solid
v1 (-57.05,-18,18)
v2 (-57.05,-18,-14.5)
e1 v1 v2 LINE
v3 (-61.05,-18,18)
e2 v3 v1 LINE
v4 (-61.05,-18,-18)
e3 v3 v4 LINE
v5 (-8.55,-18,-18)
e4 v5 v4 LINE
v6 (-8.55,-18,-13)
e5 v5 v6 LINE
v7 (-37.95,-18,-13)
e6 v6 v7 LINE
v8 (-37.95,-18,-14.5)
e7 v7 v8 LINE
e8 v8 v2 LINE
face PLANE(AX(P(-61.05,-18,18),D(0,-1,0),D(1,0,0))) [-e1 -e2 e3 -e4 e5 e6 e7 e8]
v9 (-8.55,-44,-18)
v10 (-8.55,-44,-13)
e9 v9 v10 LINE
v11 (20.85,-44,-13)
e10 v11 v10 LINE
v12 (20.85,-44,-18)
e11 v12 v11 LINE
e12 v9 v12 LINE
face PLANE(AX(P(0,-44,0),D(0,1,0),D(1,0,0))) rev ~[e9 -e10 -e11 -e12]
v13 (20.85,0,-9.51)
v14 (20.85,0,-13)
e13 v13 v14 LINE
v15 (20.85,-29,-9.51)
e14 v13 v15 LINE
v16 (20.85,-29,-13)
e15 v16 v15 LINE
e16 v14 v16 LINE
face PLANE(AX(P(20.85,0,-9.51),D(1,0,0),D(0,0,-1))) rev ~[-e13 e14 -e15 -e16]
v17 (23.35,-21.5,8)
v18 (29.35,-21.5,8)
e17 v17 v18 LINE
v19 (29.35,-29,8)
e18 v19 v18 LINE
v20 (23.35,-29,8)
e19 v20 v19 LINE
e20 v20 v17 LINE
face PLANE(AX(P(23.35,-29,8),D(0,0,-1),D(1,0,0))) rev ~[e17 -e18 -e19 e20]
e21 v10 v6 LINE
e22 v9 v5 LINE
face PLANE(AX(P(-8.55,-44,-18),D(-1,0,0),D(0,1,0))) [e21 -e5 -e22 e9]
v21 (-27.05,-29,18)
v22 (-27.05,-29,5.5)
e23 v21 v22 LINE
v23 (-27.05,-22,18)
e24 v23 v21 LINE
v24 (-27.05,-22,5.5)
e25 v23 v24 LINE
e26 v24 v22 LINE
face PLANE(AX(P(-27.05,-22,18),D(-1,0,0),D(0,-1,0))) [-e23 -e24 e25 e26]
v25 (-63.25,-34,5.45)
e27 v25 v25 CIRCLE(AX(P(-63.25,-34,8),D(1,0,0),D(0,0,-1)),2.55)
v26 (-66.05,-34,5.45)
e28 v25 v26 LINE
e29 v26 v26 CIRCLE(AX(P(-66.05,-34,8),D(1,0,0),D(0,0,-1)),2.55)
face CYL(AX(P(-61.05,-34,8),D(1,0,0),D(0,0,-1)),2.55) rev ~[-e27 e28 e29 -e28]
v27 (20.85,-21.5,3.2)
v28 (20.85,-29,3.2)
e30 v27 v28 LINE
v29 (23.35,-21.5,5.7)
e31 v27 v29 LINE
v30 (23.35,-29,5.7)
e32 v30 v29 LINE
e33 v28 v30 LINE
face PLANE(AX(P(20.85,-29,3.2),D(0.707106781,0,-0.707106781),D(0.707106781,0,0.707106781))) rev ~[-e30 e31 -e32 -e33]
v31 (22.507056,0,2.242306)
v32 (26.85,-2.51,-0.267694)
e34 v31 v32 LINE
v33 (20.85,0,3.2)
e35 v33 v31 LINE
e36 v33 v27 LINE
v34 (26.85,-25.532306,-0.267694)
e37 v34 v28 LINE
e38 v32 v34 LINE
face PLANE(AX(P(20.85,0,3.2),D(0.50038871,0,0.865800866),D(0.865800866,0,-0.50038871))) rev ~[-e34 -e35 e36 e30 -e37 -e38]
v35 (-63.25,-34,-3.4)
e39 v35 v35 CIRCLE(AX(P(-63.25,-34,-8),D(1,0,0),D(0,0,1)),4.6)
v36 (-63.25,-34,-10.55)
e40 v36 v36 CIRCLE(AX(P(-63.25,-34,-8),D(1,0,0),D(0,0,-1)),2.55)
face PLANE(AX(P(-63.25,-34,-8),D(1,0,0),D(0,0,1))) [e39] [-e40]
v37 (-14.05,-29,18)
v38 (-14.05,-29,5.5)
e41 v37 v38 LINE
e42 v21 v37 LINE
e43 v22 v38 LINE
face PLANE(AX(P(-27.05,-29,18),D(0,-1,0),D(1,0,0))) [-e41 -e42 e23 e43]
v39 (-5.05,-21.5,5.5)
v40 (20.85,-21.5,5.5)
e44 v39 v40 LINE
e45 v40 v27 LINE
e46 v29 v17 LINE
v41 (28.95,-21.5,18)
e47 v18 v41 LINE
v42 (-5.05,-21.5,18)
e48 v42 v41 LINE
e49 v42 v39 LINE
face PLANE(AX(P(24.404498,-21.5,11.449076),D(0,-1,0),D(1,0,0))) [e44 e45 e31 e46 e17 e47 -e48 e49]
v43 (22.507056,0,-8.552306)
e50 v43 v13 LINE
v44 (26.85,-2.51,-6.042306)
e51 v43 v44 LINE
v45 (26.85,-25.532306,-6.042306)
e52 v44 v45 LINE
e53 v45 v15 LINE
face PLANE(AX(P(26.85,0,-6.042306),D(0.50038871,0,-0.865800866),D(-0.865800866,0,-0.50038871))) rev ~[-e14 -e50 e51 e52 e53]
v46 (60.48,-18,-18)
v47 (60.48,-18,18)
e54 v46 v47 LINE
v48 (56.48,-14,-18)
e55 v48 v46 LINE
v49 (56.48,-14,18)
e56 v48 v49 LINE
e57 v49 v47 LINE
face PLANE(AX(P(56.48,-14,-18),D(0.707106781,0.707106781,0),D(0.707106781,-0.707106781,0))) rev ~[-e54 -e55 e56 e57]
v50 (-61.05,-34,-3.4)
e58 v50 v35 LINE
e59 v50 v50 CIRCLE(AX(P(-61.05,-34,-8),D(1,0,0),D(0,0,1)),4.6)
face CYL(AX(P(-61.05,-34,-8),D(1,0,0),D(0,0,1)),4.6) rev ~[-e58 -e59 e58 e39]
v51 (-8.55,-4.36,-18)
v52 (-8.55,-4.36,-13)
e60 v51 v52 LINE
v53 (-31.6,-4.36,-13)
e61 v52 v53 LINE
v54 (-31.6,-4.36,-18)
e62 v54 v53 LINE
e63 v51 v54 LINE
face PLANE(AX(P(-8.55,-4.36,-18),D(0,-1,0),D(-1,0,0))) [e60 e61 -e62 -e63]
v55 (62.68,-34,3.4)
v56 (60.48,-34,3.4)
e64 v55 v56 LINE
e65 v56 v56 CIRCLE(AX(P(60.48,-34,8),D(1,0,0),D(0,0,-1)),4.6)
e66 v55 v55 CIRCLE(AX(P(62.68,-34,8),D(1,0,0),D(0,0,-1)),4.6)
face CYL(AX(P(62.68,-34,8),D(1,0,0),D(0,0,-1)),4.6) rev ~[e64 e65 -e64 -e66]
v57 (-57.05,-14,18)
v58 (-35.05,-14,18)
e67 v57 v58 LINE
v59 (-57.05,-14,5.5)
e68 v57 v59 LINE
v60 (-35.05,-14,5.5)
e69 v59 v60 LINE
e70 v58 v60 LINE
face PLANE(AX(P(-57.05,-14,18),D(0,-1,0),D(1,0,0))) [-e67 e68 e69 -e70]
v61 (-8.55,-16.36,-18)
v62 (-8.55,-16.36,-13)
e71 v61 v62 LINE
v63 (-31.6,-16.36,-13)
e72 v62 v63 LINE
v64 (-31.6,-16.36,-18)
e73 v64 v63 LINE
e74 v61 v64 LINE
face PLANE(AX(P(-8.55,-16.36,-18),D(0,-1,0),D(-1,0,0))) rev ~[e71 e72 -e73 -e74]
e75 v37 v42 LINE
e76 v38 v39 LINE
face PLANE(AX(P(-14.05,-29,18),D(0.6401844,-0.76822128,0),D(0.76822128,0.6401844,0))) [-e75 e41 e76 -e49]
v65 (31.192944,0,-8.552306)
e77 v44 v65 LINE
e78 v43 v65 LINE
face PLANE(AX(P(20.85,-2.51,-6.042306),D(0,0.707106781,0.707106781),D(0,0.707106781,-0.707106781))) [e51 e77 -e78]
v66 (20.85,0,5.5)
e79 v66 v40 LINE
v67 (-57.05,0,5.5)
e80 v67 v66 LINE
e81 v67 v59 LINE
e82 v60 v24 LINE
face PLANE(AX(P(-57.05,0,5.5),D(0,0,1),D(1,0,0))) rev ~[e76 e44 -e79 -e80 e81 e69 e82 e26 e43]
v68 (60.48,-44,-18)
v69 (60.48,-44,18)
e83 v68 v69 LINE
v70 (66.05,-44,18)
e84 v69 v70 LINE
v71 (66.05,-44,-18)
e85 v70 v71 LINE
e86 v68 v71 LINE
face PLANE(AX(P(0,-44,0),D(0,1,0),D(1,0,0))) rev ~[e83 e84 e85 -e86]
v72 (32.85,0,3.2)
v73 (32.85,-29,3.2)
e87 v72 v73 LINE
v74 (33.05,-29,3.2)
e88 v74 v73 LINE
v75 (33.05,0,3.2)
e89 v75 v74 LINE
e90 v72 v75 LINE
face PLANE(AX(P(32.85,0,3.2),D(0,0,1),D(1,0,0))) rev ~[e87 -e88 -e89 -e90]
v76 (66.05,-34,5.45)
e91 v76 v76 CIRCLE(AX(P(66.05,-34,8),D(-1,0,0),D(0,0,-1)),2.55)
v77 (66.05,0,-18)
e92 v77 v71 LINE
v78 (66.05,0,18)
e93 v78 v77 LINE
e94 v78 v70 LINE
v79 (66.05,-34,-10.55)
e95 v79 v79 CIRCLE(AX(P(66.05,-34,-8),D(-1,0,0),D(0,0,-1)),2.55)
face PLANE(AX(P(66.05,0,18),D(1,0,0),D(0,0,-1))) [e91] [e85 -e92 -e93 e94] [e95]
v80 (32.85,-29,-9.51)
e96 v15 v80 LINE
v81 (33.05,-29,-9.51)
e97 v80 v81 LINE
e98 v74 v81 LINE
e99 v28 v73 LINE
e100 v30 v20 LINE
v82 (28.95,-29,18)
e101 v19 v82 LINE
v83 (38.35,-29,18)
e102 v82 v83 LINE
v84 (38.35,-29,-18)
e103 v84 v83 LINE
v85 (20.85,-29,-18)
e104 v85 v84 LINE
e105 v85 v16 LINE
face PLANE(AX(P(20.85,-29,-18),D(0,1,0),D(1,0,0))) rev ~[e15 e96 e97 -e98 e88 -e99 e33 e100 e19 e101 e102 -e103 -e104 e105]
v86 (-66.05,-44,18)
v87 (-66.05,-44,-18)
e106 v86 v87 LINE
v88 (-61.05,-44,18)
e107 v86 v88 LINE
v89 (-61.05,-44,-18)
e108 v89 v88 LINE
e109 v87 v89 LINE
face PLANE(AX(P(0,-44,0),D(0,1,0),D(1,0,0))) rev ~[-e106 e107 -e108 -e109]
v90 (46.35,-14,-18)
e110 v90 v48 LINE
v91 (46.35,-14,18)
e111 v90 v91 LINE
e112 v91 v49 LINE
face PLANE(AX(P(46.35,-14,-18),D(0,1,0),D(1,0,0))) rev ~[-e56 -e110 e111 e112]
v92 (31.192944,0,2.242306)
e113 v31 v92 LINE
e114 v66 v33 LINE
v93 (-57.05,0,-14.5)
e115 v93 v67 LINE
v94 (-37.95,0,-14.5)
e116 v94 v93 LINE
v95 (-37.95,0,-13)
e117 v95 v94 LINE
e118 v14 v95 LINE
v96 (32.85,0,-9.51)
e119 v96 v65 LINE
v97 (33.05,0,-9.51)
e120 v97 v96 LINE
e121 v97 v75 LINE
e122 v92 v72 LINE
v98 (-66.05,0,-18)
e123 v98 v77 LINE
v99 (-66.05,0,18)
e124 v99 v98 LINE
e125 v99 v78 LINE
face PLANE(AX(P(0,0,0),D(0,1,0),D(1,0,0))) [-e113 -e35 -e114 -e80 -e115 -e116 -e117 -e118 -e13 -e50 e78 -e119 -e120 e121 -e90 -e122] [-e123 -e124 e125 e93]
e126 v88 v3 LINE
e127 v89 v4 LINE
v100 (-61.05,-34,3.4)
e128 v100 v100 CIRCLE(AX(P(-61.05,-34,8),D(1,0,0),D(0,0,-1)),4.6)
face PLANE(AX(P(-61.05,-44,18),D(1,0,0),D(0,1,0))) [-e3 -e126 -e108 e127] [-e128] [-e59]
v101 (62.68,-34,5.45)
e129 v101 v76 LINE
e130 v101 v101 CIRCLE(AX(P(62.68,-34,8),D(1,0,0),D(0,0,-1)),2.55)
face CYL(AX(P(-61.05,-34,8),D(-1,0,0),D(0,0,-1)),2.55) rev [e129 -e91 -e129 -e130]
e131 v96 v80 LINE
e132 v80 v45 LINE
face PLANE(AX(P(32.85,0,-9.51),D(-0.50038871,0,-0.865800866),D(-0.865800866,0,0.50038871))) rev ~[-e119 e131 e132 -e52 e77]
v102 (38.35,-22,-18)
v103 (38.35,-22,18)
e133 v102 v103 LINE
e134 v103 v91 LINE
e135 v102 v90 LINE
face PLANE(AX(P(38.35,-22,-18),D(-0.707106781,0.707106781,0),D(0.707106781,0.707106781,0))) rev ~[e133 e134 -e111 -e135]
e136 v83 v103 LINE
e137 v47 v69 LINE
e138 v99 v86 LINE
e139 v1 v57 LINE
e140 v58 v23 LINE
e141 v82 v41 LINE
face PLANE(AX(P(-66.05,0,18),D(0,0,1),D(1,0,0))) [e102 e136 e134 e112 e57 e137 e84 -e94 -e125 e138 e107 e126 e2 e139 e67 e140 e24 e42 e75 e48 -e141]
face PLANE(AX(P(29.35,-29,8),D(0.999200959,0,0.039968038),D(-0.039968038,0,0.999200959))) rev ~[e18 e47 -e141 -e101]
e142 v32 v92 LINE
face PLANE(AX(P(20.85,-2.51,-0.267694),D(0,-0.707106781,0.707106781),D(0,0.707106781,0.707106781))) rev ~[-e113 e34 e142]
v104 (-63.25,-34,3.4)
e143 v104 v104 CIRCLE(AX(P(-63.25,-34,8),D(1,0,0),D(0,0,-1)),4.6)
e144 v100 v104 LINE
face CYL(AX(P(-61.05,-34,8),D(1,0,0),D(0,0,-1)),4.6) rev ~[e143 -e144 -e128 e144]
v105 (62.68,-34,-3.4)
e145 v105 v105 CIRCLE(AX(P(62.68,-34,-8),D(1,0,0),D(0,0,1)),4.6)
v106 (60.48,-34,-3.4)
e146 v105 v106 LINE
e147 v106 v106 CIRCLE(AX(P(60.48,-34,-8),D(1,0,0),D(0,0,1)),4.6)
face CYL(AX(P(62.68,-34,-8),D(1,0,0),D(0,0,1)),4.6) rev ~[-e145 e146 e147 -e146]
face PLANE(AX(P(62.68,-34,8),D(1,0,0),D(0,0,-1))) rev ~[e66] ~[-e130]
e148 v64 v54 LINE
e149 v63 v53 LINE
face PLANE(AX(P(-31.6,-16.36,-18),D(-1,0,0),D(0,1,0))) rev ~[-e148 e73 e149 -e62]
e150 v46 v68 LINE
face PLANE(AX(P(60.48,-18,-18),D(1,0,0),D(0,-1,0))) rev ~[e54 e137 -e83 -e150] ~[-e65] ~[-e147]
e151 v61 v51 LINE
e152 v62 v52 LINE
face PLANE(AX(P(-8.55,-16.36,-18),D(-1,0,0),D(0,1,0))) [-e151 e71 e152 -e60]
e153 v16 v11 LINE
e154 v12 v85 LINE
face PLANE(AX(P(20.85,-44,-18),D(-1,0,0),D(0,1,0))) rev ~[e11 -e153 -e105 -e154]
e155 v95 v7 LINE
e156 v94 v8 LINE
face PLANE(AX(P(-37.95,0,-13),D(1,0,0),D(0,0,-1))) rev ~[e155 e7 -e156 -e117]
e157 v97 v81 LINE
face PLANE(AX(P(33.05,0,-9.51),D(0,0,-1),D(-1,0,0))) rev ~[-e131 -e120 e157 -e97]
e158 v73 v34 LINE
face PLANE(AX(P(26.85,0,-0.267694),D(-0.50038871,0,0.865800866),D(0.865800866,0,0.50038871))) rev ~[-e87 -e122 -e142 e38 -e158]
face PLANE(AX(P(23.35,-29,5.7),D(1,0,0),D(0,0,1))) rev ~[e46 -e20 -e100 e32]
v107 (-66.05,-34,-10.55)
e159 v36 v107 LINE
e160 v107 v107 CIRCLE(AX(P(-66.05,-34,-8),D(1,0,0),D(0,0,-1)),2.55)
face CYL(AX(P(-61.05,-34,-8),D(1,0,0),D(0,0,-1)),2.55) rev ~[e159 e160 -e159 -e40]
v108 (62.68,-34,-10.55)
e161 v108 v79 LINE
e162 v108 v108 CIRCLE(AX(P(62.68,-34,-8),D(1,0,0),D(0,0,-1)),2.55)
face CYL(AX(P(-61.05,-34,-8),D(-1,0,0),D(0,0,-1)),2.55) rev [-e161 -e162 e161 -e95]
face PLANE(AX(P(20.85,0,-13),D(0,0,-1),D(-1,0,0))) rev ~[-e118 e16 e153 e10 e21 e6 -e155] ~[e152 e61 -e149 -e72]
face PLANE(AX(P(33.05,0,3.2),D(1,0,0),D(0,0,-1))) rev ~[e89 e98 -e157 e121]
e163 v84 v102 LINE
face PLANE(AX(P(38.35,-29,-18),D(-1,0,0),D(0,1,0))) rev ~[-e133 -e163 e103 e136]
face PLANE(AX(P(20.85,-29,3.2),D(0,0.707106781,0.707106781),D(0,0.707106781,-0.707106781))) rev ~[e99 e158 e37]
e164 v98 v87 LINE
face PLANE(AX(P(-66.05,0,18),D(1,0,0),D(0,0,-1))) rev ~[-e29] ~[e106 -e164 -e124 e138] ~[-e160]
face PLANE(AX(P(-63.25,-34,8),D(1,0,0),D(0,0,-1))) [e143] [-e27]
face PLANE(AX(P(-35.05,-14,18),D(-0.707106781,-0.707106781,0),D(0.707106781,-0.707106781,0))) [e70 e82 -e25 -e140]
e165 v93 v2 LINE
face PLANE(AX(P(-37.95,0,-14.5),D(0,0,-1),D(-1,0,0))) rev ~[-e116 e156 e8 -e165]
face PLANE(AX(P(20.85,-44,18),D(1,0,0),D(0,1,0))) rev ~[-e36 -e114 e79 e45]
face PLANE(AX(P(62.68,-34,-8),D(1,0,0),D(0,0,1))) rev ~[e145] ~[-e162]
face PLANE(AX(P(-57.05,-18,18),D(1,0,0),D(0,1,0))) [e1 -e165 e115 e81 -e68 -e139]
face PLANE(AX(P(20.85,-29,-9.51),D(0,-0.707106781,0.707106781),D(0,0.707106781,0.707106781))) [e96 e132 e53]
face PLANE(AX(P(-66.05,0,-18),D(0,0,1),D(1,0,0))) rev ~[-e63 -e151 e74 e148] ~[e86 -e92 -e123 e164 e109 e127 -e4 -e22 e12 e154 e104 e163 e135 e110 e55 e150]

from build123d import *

# Parameters (mm, degrees)
SKETCH1_W                      = 132.1
SKETCH1_H                      = 36
BOSS_EXTRUDE1_DEPTH            = 44
CUT_EXTRUDE1_REACH             = 89.147
CUT_EXTRUDE2_REACH             = 89.147
SKETCH3_4_W                    = 23.05
SKETCH3_4_H                    = 12
SKETCH3_4_W_2                  = 52.5
SKETCH3_4_H_2                  = 26
CUT_EXTRUDE3_DEPTH             = 12.5
CUT_EXTRUDE6_DEPTH             = 7.5
CUT_EXTRUDE7_REACH             = 101.054
CUT_EXTRUDE8_REACH             = 137.7
SKETCH11_R                     = 2.55
CUT_EXTRUDE8_DIRECTION_2_REACH = 137.7
SKETCH11_6_R                   = 4.6
SKETCH11_6_R_2                 = 2.55
CUT_EXTRUDE10_DEPTH            = 2.2
CUT_EXTRUDE11_START            = 123.73
SKETCH11_7_R                   = 4.6
SKETCH11_7_R_2                 = 2.55
CUT_EXTRUDE11_DEPTH            = 2.2


with BuildPart() as part:
    # Sketch1 → Boss-Extrude1 (new body)
    with BuildSketch(Plane(origin=(0, 0, 0), x_dir=(1, 0, 0), z_dir=(0, 1, 0))):
        Rectangle(SKETCH1_W, SKETCH1_H)
        Polygon((-57.05, 14.5), (-57.05, -5.5), (20.85, -5.5), (20.85, -3.2), (26.85, 0.267693758), (32.85, -3.2), (33.05, -3.2), (33.05, 9.51), (32.85, 9.51), (26.85, 6.042306242), (20.85, 9.51), (20.85, 13), (-37.95, 13), (-37.95, 14.5), align=None, mode=Mode.SUBTRACT)
    extrude(amount=-BOSS_EXTRUDE1_DEPTH)

    # Cut-Extrude1: up to this face of the body (flat: up to its plane)
    cut_extrude1_end = Plane(part.part.faces().sort_by_distance((0, -22, 18))[0])
    # Sketch3 → Cut-Extrude1 (cut, up to the picked face)
    with BuildSketch(Plane(origin=(0, 0, -18), x_dir=(-1, 0, 0), z_dir=(0, 0, -1)), mode=Mode.PRIVATE) as cut_extrude1_sk1:
        Polygon((-60.48, -18), (-60.48, -44), (-20.85, -44), (-20.85, -29), (-38.35, -29), (-38.35, -22), (-46.35, -14), (-56.48, -14), align=None)
    cut_extrude1_tool1 = split(extrude(cut_extrude1_sk1.sketch, amount=-CUT_EXTRUDE1_REACH, mode=Mode.PRIVATE), bisect_by=cut_extrude1_end, keep=Keep.BOTH, mode=Mode.PRIVATE)
    add(cut_extrude1_tool1.solids().sort_by(Axis((43.76231, -31.789655, -18), (0, 0, 1)))[0], mode=Mode.SUBTRACT)

    # Cut-Extrude2: up to this face of the body (flat: up to its plane)
    cut_extrude2_end = Plane(part.part.faces().sort_by_distance((-18.1, -22, 5.5))[0])
    # Sketch3<4> → Cut-Extrude2 (cut, up to the picked face)
    with BuildSketch(Plane(origin=(0, 0, -18), x_dir=(-1, 0, 0), z_dir=(0, 0, -1)), mode=Mode.PRIVATE) as cut_extrude2_sk1:
        with Locations((20.075, -10.36)):
            Rectangle(SKETCH3_4_W, SKETCH3_4_H)
    cut_extrude2_tool1 = split(extrude(cut_extrude2_sk1.sketch, amount=-CUT_EXTRUDE2_REACH, mode=Mode.PRIVATE), bisect_by=cut_extrude2_end, keep=Keep.BOTH, mode=Mode.PRIVATE)
    # Sketch3<4> → Cut-Extrude2 (cut, up to the picked face)
    with BuildSketch(Plane(origin=(0, 0, -18), x_dir=(-1, 0, 0), z_dir=(0, 0, -1)), mode=Mode.PRIVATE) as cut_extrude2_sk2:
        with Locations((34.8, -31)):
            Rectangle(SKETCH3_4_W_2, SKETCH3_4_H_2)
    cut_extrude2_tool2 = split(extrude(cut_extrude2_sk2.sketch, amount=-CUT_EXTRUDE2_REACH, mode=Mode.PRIVATE), bisect_by=cut_extrude2_end, keep=Keep.BOTH, mode=Mode.PRIVATE)
    add(cut_extrude2_tool1.solids().sort_by(Axis((-20.075, -10.36, -18), (0, 0, 1)))[0], mode=Mode.SUBTRACT)
    add(cut_extrude2_tool2.solids().sort_by(Axis((-34.8, -31, -18), (0, 0, 1)))[0], mode=Mode.SUBTRACT)

    # Sketch4 → Cut-Extrude3 (cut)
    with BuildSketch(Plane.XY.offset(18)):
        Polygon((-61.05, -44), (-61.05, -18), (-57.05, -18), (-57.05, -14), (-35.05, -14), (-27.05, -22), (-27.05, -29), (-14.05, -29), (-5.05, -21.5), (20.85, -21.5), (20.85, -29), (20.85, -44), align=None)
    extrude(amount=-CUT_EXTRUDE3_DEPTH, mode=Mode.SUBTRACT)

    # Sketch7 → Cut-Extrude6 (cut)
    with BuildSketch(Plane.XZ.offset(29)):
        Polygon((20.85, 3.2), (23.35, 5.7), (23.35, 8), (29.35, 8), (28.95, 18), (20.85, 18), align=None)
    extrude(amount=-CUT_EXTRUDE6_DEPTH, mode=Mode.SUBTRACT)

    # Cut-Extrude7: up to this face of the body (flat: up to its plane)
    cut_extrude7_end = Plane(part.part.faces().sort_by_distance((33.05, -14.5, -3.155))[0])
    # Sketch10 → Cut-Extrude7 (cut, up to the picked face)
    with BuildSketch(Plane.ZY.offset(-20.85), mode=Mode.PRIVATE) as cut_extrude7_sk1:
        Polygon((-8.552306242, 0), (-6.042306242, 0), (-6.042306242, -2.51), align=None)
    cut_extrude7_tool1 = split(extrude(cut_extrude7_sk1.sketch, amount=-CUT_EXTRUDE7_REACH, mode=Mode.PRIVATE), bisect_by=cut_extrude7_end, keep=Keep.BOTH, mode=Mode.PRIVATE)
    # Sketch10 → Cut-Extrude7 (cut, up to the picked face)
    with BuildSketch(Plane.ZY.offset(-20.85), mode=Mode.PRIVATE) as cut_extrude7_sk2:
        Polygon((-0.267693758, 0), (-0.267693758, -2.51), (2.242306242, 0), align=None)
    cut_extrude7_tool2 = split(extrude(cut_extrude7_sk2.sketch, amount=-CUT_EXTRUDE7_REACH, mode=Mode.PRIVATE), bisect_by=cut_extrude7_end, keep=Keep.BOTH, mode=Mode.PRIVATE)
    # Sketch10 → Cut-Extrude7 (cut, up to the picked face)
    with BuildSketch(Plane.ZY.offset(-20.85), mode=Mode.PRIVATE) as cut_extrude7_sk3:
        Polygon((-9.51, -29), (-6.042306242, -25.532306242), (-6.042306242, -29), align=None)
    cut_extrude7_tool3 = split(extrude(cut_extrude7_sk3.sketch, amount=-CUT_EXTRUDE7_REACH, mode=Mode.PRIVATE), bisect_by=cut_extrude7_end, keep=Keep.BOTH, mode=Mode.PRIVATE)
    # Sketch10 → Cut-Extrude7 (cut, up to the picked face)
    with BuildSketch(Plane.ZY.offset(-20.85), mode=Mode.PRIVATE) as cut_extrude7_sk4:
        Polygon((-0.267693758, -25.532306242), (-0.267693758, -29), (3.2, -29), align=None)
    cut_extrude7_tool4 = split(extrude(cut_extrude7_sk4.sketch, amount=-CUT_EXTRUDE7_REACH, mode=Mode.PRIVATE), bisect_by=cut_extrude7_end, keep=Keep.BOTH, mode=Mode.PRIVATE)
    add(cut_extrude7_tool1.solids().sort_by(Axis((20.85, -0.836667, -6.878973), (1, 0, 0)))[0], mode=Mode.SUBTRACT)
    add(cut_extrude7_tool2.solids().sort_by(Axis((20.85, -0.836667, 0.568973), (1, 0, 0)))[0], mode=Mode.SUBTRACT)
    add(cut_extrude7_tool3.solids().sort_by(Axis((20.85, -27.844102, -7.198204), (1, 0, 0)))[0], mode=Mode.SUBTRACT)
    add(cut_extrude7_tool4.solids().sort_by(Axis((20.85, -27.844102, 0.888204), (1, 0, 0)))[0], mode=Mode.SUBTRACT)

    # Cut-Extrude8: up to this face of the body (flat: up to its plane)
    cut_extrude8_end = Plane(part.part.faces().sort_by_distance((-66.05, -22, 0))[0])
    # Sketch11 → Cut-Extrude8 (cut, up to the picked face)
    with BuildSketch(Plane(origin=(-61.05, 0, 0), x_dir=(0, 0, -1), z_dir=(1, 0, 0)), mode=Mode.PRIVATE) as cut_extrude8_sk1:
        with Locations((-8, -34)):
            Circle(SKETCH11_R)
    cut_extrude8_tool1 = split(extrude(cut_extrude8_sk1.sketch, amount=-CUT_EXTRUDE8_REACH, mode=Mode.PRIVATE), bisect_by=cut_extrude8_end, keep=Keep.BOTH, mode=Mode.PRIVATE)
    # Sketch11 → Cut-Extrude8 (cut, up to the picked face)
    with BuildSketch(Plane(origin=(-61.05, 0, 0), x_dir=(0, 0, -1), z_dir=(1, 0, 0)), mode=Mode.PRIVATE) as cut_extrude8_sk2:
        with Locations((8, -34)):
            Circle(SKETCH11_R)
    cut_extrude8_tool2 = split(extrude(cut_extrude8_sk2.sketch, amount=-CUT_EXTRUDE8_REACH, mode=Mode.PRIVATE), bisect_by=cut_extrude8_end, keep=Keep.BOTH, mode=Mode.PRIVATE)
    add(cut_extrude8_tool1.solids().sort_by(Axis((-61.05, -34, 8), (-1, 0, 0)))[0], mode=Mode.SUBTRACT)
    add(cut_extrude8_tool2.solids().sort_by(Axis((-61.05, -34, -8), (-1, 0, 0)))[0], mode=Mode.SUBTRACT)

    # Cut-Extrude8 direction 2: up to this face of the body (flat: up to its plane)
    cut_extrude8_direction_2_end = Plane(part.part.faces().sort_by_distance((66.05, -22, 0))[0])
    # Sketch11 → Cut-Extrude8 direction 2 (cut, up to the picked face)
    with BuildSketch(Plane(origin=(-61.05, 0, 0), x_dir=(0, 0, -1), z_dir=(1, 0, 0)), mode=Mode.PRIVATE) as cut_extrude8_direction_2_sk1:
        with Locations((-8, -34)):
            Circle(SKETCH11_R)
    cut_extrude8_direction_2_tool1 = split(extrude(cut_extrude8_direction_2_sk1.sketch, amount=CUT_EXTRUDE8_DIRECTION_2_REACH, mode=Mode.PRIVATE), bisect_by=cut_extrude8_direction_2_end, keep=Keep.BOTH, mode=Mode.PRIVATE)
    # Sketch11 → Cut-Extrude8 direction 2 (cut, up to the picked face)
    with BuildSketch(Plane(origin=(-61.05, 0, 0), x_dir=(0, 0, -1), z_dir=(1, 0, 0)), mode=Mode.PRIVATE) as cut_extrude8_direction_2_sk2:
        with Locations((8, -34)):
            Circle(SKETCH11_R)
    cut_extrude8_direction_2_tool2 = split(extrude(cut_extrude8_direction_2_sk2.sketch, amount=CUT_EXTRUDE8_DIRECTION_2_REACH, mode=Mode.PRIVATE), bisect_by=cut_extrude8_direction_2_end, keep=Keep.BOTH, mode=Mode.PRIVATE)
    add(cut_extrude8_direction_2_tool1.solids().sort_by(Axis((-61.05, -34, 8), (1, 0, 0)))[0], mode=Mode.SUBTRACT)
    add(cut_extrude8_direction_2_tool2.solids().sort_by(Axis((-61.05, -34, -8), (1, 0, 0)))[0], mode=Mode.SUBTRACT)

    # Sketch11<6> → Cut-Extrude10 (cut)
    # profile 1 of 2: a face of its own
    with BuildSketch(Plane(origin=(-61.05, 0, 0), x_dir=(0, 0, -1), z_dir=(1, 0, 0))):
        with Locations((-8, -34)):
            Circle(SKETCH11_6_R)
        with Locations((-8, -34)):
            Circle(SKETCH11_6_R_2, mode=Mode.SUBTRACT)
    # profile 2 of 2: a face of its own
    with BuildSketch(Plane(origin=(-61.05, 0, 0), x_dir=(0, 0, -1), z_dir=(1, 0, 0))):
        with Locations(Location((8, -34, 0), (0, 0, 180))):
            Circle(SKETCH11_6_R)
        with Locations(Location((8, -34, 0), (0, 0, 180))):
            Circle(SKETCH11_6_R_2, mode=Mode.SUBTRACT)
    extrude(amount=-CUT_EXTRUDE10_DEPTH, mode=Mode.SUBTRACT)

    # Sketch11<7> → Cut-Extrude11 (cut)
    # profile 1 of 2: a face of its own
    with BuildSketch(Plane(origin=(-61.05, 0, 0), x_dir=(0, 0, -1), z_dir=(1, 0, 0)).offset(CUT_EXTRUDE11_START)):
        with Locations((-8, -34)):
            Circle(SKETCH11_7_R)
        with Locations((-8, -34)):
            Circle(SKETCH11_7_R_2, mode=Mode.SUBTRACT)
    # profile 2 of 2: a face of its own
    with BuildSketch(Plane(origin=(-61.05, 0, 0), x_dir=(0, 0, -1), z_dir=(1, 0, 0)).offset(CUT_EXTRUDE11_START)):
        with Locations(Location((8, -34, 0), (0, 0, 180))):
            Circle(SKETCH11_7_R)
        with Locations((8, -34)):
            Circle(SKETCH11_7_R_2, mode=Mode.SUBTRACT)
    extrude(amount=-CUT_EXTRUDE11_DEPTH, mode=Mode.SUBTRACT)


solid = part.part
